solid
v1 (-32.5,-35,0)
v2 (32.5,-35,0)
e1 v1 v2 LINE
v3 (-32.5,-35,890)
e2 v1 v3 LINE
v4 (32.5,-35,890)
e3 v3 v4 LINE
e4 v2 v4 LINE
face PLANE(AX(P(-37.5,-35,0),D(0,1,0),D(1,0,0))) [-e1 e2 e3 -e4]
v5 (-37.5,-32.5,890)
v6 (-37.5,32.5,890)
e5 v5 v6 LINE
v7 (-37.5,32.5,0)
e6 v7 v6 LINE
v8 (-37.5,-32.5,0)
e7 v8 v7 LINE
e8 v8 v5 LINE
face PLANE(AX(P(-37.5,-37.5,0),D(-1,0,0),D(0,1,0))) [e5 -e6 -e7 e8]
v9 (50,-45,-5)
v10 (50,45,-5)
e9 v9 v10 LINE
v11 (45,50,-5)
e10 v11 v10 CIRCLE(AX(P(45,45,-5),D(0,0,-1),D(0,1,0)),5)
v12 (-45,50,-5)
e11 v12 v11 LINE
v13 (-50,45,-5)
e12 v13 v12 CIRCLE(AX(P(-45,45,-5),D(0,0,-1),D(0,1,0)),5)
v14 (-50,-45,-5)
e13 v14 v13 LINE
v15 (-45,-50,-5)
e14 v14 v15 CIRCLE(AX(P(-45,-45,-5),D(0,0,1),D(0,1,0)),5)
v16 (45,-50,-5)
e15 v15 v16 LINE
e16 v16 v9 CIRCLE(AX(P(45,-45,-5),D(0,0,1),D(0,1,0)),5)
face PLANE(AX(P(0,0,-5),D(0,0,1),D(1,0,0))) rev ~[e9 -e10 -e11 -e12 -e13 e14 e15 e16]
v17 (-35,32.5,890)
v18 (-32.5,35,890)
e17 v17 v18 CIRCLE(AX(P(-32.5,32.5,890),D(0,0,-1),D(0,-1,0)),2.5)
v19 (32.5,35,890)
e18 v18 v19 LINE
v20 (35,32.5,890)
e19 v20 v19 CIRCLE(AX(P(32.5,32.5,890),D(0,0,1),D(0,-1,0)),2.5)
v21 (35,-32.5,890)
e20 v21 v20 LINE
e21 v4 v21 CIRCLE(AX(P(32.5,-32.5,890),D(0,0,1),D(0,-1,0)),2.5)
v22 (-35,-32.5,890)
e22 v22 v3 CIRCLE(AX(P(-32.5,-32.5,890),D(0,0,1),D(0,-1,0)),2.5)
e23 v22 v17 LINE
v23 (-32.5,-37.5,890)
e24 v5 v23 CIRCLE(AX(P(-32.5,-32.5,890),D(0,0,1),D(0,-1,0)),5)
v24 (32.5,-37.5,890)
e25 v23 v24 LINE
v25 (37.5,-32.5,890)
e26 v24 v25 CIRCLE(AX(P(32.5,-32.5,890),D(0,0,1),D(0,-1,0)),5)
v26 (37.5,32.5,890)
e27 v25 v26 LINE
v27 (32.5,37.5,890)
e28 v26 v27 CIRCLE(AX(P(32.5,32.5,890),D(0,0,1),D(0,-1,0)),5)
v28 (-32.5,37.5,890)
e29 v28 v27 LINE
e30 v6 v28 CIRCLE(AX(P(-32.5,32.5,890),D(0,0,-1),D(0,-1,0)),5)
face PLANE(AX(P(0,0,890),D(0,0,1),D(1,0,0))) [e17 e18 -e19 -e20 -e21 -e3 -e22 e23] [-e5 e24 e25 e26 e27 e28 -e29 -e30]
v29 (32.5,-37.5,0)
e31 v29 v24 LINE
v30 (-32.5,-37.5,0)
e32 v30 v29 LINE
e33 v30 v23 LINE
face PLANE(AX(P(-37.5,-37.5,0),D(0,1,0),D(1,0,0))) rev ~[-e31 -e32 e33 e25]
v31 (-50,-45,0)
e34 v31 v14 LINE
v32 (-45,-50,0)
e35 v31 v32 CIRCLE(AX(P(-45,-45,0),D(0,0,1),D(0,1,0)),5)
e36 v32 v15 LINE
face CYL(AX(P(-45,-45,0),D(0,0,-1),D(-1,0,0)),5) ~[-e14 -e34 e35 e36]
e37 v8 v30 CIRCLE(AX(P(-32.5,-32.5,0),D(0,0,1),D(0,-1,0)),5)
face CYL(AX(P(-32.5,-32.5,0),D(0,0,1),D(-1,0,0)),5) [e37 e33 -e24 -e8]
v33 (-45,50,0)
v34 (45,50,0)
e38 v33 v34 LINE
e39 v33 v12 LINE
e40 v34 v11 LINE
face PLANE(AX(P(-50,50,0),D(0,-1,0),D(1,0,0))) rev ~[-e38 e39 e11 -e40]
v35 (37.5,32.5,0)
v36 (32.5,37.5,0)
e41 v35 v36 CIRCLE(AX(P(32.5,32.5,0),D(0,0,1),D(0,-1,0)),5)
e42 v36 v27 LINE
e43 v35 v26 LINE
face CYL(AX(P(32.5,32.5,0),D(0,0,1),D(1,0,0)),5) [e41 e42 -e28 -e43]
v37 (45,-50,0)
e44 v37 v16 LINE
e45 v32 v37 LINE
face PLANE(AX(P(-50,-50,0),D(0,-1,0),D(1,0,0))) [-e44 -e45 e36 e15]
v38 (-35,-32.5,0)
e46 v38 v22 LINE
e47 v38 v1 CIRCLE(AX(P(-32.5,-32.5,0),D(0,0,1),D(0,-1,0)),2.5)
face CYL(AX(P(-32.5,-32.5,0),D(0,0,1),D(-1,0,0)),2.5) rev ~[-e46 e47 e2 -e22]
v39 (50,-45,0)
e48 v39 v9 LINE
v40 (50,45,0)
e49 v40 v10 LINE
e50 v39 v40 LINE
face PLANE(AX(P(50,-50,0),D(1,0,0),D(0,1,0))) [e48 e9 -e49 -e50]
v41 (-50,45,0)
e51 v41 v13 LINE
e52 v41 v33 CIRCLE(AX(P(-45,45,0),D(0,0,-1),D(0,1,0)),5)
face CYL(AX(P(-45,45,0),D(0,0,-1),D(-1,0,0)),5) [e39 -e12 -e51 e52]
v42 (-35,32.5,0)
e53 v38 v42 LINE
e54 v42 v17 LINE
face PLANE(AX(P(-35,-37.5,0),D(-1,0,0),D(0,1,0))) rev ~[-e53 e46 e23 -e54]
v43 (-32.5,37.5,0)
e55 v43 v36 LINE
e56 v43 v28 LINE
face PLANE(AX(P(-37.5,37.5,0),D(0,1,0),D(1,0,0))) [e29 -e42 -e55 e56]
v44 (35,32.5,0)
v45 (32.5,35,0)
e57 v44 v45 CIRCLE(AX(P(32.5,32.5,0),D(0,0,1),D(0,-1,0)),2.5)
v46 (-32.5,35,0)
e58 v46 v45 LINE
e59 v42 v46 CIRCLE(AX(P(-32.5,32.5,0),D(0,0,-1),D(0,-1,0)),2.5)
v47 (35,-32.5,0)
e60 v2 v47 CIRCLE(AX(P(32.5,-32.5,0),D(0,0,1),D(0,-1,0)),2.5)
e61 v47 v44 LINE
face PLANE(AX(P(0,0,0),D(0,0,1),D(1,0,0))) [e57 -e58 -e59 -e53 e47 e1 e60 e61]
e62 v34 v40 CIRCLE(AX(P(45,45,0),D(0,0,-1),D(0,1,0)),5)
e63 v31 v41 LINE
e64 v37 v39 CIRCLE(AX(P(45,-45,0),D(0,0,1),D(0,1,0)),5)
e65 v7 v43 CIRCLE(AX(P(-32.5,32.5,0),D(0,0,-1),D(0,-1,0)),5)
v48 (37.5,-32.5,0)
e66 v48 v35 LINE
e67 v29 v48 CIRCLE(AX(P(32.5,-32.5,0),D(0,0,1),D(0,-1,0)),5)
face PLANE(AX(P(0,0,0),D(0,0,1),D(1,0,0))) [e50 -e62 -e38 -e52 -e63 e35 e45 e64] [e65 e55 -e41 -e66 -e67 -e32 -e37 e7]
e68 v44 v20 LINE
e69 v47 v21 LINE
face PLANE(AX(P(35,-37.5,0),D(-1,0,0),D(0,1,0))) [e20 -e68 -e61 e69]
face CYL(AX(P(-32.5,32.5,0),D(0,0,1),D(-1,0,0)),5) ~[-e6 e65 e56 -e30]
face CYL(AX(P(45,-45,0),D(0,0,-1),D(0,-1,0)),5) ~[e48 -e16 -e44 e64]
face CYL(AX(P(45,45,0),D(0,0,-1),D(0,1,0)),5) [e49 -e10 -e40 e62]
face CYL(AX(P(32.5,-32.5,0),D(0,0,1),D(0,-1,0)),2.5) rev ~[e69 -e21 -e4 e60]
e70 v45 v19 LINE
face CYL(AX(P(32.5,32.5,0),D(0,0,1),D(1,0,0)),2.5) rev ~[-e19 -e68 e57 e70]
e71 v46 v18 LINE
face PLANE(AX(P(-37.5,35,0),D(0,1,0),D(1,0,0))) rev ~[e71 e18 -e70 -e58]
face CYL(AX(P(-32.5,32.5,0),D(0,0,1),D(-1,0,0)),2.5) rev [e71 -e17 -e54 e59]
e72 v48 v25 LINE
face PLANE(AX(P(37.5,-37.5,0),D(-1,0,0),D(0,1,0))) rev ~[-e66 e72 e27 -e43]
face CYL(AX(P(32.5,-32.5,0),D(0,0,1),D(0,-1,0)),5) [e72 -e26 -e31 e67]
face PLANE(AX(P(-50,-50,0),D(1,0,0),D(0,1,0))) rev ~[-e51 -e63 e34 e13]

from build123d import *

# Parameters (mm, degrees)
F0_W     = 75
F0_H     = 75
F1_DEPTH = 890
F2_R     = 5
F3_T     = -2.5
F4_W     = 100
F4_H     = 100
F5_DEPTH = 5
F6_R     = 5


with BuildPart() as f1:
    # F0 (on Top) → F1 (new body)
    with BuildSketch(Plane.XY):
        Rectangle(F0_W, F0_H)
    extrude(amount=F1_DEPTH)

    # F2
    f2_edges = [f1.edges().sort_by_distance(p)[0] for p in [
        (-37.5, -37.5, 445),
        (-37.5, 37.5, 445),
        (37.5, -37.5, 445),
        (37.5, 37.5, 445),
    ]]
    fillet(f2_edges, radius=F2_R)

    # F3
    f3_openings = [f1.faces().sort_by_distance(p)[0] for p in [
        (0, 0, 0),
        (0, 0, 890),
    ]]
    offset(amount=F3_T, openings=f3_openings)

    # F4 (on Top) → F5 (join)
    with BuildSketch(Plane.XY):
        Rectangle(F4_W, F4_H)
    extrude(amount=-F5_DEPTH)

    # F6
    f6_edges = [f1.edges().sort_by_distance(p)[0] for p in [
        (50, -50, -2.5),
        (50, 50, -2.5),
        (-50, -50, -2.5),
        (-50, 50, -2.5),
    ]]
    fillet(f6_edges, radius=F6_R)


solid = f1.part
